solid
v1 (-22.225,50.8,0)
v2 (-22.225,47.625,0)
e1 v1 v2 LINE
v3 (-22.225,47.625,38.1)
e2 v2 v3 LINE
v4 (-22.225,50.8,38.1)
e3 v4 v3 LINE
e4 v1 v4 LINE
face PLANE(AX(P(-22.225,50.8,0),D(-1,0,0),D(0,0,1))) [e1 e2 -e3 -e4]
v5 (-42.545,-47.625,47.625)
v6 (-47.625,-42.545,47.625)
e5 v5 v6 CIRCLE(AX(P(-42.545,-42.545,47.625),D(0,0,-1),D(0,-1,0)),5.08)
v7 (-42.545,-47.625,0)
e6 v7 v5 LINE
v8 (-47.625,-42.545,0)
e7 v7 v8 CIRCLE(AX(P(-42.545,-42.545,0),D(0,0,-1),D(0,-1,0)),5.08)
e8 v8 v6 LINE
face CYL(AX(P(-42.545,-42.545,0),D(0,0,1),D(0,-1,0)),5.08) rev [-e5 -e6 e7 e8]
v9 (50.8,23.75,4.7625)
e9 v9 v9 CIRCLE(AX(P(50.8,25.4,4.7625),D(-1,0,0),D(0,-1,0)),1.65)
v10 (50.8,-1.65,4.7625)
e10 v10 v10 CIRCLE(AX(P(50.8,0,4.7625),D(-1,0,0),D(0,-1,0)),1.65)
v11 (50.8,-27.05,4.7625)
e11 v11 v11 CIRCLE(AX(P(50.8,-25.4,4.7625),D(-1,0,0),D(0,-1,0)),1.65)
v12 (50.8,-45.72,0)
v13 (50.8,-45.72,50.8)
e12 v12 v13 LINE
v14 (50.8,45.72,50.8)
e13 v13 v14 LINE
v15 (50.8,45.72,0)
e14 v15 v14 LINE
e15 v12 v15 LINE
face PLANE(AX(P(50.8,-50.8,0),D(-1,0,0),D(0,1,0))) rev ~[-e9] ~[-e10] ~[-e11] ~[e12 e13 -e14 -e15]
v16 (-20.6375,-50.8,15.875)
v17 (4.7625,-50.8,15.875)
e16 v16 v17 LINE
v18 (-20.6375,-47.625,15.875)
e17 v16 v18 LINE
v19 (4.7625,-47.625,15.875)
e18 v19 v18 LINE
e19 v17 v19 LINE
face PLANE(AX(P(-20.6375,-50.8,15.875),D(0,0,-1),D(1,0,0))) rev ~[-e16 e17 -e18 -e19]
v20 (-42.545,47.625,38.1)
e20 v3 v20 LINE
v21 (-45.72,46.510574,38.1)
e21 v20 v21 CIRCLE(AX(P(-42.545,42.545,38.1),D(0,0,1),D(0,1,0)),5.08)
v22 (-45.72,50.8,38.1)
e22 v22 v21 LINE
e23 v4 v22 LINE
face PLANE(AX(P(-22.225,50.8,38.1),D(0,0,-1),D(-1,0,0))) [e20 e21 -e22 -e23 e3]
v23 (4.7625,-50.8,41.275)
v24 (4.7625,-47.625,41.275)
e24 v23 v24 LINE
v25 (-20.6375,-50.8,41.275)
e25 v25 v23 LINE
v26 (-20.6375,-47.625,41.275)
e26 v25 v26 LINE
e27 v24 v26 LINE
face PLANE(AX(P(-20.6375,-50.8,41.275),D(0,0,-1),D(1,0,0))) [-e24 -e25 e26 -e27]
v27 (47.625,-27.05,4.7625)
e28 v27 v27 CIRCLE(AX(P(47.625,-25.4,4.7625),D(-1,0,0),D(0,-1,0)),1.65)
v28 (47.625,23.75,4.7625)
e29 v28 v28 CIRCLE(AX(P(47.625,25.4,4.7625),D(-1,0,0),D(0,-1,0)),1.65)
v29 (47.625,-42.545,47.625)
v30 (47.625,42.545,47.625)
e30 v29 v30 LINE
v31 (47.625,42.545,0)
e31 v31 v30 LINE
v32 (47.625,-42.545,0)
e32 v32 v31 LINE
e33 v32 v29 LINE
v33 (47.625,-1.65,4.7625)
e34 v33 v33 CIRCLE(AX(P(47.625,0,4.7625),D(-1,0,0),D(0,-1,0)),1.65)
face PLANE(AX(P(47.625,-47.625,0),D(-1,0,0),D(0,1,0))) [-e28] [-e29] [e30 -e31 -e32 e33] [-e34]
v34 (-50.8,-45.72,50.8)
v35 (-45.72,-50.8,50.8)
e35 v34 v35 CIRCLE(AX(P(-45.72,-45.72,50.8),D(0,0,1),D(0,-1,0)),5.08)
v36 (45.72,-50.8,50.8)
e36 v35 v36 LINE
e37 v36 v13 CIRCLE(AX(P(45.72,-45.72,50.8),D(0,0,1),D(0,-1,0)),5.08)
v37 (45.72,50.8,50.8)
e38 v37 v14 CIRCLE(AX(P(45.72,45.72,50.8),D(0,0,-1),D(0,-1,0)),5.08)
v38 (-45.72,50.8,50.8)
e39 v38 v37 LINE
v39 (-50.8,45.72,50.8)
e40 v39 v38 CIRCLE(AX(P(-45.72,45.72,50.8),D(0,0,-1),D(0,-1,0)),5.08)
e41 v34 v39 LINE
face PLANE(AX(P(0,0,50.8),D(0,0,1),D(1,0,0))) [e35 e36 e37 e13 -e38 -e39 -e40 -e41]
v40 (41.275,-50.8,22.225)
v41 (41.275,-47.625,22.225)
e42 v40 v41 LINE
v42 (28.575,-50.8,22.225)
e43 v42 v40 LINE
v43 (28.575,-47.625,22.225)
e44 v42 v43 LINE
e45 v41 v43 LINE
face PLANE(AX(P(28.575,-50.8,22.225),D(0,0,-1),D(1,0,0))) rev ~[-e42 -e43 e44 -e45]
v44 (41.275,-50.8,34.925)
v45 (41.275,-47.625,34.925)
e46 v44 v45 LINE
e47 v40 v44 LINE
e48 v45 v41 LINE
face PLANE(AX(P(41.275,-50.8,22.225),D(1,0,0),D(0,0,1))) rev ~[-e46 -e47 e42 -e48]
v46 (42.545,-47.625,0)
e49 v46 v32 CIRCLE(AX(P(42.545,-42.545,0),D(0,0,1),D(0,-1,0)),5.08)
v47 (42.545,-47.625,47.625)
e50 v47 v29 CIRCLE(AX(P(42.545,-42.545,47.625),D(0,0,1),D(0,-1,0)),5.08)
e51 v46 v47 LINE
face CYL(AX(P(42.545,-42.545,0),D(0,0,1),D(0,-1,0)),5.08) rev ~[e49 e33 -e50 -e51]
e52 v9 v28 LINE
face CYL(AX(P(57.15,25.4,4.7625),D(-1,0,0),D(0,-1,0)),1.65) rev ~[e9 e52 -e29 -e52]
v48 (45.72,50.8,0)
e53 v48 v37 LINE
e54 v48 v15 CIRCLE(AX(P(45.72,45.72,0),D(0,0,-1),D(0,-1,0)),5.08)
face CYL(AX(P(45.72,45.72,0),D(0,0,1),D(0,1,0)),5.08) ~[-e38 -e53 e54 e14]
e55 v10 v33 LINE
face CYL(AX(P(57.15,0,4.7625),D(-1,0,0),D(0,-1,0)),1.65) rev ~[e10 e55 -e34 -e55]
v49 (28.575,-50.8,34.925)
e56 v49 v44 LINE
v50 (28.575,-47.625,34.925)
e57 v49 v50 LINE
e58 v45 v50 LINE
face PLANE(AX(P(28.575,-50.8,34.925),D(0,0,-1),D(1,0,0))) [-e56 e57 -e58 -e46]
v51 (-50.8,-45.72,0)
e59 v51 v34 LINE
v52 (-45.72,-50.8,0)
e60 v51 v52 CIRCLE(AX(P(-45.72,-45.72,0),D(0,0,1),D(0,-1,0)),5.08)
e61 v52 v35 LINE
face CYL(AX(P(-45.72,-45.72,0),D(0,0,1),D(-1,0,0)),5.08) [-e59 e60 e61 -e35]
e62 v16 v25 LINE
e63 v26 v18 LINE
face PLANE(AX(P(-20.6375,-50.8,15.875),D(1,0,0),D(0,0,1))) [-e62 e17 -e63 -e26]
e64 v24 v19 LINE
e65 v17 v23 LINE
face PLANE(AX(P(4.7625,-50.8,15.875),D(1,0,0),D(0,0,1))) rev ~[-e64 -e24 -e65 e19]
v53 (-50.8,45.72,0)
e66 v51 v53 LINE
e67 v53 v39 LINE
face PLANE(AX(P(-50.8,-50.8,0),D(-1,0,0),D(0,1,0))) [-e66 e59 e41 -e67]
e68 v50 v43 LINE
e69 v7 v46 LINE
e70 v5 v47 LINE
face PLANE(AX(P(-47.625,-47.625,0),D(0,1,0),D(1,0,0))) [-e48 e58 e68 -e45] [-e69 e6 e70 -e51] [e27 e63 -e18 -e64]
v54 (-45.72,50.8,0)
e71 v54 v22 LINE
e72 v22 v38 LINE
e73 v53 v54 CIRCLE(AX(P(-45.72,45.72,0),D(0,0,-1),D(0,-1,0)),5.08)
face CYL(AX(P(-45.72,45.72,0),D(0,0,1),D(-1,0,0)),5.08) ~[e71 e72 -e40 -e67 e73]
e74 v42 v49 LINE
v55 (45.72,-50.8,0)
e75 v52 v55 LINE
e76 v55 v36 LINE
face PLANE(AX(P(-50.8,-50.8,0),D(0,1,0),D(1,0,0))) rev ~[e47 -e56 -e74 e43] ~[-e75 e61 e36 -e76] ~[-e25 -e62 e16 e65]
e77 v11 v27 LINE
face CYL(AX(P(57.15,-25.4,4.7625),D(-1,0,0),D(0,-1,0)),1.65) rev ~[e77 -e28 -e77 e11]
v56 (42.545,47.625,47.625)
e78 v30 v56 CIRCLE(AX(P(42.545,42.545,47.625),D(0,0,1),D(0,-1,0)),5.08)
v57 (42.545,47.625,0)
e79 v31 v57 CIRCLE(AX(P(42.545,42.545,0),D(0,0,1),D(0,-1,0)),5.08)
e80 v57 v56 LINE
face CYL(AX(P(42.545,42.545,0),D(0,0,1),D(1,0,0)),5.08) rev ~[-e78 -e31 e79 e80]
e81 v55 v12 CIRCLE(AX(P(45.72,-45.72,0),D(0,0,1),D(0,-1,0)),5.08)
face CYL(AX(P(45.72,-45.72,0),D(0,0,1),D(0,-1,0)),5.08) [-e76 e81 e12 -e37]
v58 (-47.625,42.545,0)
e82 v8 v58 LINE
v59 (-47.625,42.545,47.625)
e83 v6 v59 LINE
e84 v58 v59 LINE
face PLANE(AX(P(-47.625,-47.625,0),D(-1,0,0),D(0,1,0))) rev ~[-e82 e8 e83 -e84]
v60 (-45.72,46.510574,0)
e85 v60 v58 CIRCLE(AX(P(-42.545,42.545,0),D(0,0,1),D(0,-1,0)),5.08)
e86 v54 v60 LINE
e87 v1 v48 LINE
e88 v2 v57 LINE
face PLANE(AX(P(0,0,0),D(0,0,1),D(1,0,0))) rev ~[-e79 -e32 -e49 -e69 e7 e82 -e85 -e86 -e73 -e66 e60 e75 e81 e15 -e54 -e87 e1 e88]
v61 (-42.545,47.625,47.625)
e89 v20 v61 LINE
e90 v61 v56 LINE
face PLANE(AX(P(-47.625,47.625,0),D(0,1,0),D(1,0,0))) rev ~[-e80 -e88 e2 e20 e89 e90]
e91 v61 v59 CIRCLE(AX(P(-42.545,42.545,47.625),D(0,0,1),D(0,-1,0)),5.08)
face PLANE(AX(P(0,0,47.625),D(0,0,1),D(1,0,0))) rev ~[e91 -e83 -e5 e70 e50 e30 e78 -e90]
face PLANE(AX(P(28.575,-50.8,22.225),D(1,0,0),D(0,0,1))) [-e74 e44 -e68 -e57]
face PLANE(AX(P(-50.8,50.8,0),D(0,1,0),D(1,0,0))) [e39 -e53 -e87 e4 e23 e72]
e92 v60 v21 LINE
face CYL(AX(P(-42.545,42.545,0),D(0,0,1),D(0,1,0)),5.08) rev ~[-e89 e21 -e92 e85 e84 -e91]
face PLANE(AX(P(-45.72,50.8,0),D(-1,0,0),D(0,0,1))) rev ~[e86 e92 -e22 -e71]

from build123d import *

# Parameters (mm, degrees)
F0_W     = 101.6
F0_H     = 101.6
F0_W_2   = 95.25
F0_H_2   = 95.25
F1_DEPTH = 50.8
F2_DEPTH = 47.625
F3_R     = 5.08
F4_W     = 25.4
F4_H     = 25.4
F4_W_2   = 12.7
F4_H_2   = 12.7
F5_DEPTH = 5.08
F6_W     = 23.495
F6_H     = 38.1
F7_DEPTH = 25.4
F9_D     = 3.3
F9_DEPTH = 6.35
F9_TIP   = 0.9914200214


with BuildPart() as f1:
    # F0 (on Top) → F1 (new body)
    with BuildSketch(Plane.XY):
        Rectangle(F0_W, F0_H)
        Rectangle(F0_W_2, F0_H_2, mode=Mode.SUBTRACT)
        Rectangle(F0_W_2, F0_H_2)
    extrude(amount=F1_DEPTH)

    # F0 (on Top) → F2 (cut)
    with BuildSketch(Plane.XY):
        Rectangle(F0_W_2, F0_H_2)
    extrude(amount=F2_DEPTH, mode=Mode.SUBTRACT)

    # F3
    f3_edges = [f1.edges().sort_by_distance(p)[0] for p in [
        (50.8, -50.8, 25.4),
        (50.8, 50.8, 25.4),
        (-50.8, 50.8, 25.4),
        (-47.625, -47.625, 23.8125),
        (47.625, -47.625, 23.8125),
        (47.625, 47.625, 23.8125),
        (-47.625, 47.625, 23.8125),
        (-50.8, -50.8, 25.4),
    ]]
    fillet(f3_edges, radius=F3_R)

    # F4 (on face) → F5 (cut)
    with BuildSketch(Plane.XZ.offset(50.8)):
        with Locations((-7.9375, 28.575)):
            Rectangle(F4_W, F4_H)
        with Locations((34.925, 28.575)):
            Rectangle(F4_W_2, F4_H_2)
    extrude(amount=-F5_DEPTH, mode=Mode.SUBTRACT)

    # F6 (on face) → F7 (cut)
    with BuildSketch(Plane(origin=(0, 50.8, 0), x_dir=(-1, 0, 0), z_dir=(0, 1, 0))):
        with Locations((33.9725, 19.05)):
            Rectangle(F6_W, F6_H)
    extrude(amount=-F7_DEPTH, mode=Mode.SUBTRACT)

    # F9
    with Locations(Plane.YZ.offset(50.8)):
        with Locations((-25.4, 4.7625), (0, 4.7625), (25.4, 4.7625)):
            Hole(F9_D / 2, depth=F9_DEPTH)
            with Locations((0, 0, -(F9_DEPTH + F9_TIP / 2))):  # 118° drill point
                Cone(0, F9_D / 2, F9_TIP, mode=Mode.SUBTRACT)


solid = f1.part
